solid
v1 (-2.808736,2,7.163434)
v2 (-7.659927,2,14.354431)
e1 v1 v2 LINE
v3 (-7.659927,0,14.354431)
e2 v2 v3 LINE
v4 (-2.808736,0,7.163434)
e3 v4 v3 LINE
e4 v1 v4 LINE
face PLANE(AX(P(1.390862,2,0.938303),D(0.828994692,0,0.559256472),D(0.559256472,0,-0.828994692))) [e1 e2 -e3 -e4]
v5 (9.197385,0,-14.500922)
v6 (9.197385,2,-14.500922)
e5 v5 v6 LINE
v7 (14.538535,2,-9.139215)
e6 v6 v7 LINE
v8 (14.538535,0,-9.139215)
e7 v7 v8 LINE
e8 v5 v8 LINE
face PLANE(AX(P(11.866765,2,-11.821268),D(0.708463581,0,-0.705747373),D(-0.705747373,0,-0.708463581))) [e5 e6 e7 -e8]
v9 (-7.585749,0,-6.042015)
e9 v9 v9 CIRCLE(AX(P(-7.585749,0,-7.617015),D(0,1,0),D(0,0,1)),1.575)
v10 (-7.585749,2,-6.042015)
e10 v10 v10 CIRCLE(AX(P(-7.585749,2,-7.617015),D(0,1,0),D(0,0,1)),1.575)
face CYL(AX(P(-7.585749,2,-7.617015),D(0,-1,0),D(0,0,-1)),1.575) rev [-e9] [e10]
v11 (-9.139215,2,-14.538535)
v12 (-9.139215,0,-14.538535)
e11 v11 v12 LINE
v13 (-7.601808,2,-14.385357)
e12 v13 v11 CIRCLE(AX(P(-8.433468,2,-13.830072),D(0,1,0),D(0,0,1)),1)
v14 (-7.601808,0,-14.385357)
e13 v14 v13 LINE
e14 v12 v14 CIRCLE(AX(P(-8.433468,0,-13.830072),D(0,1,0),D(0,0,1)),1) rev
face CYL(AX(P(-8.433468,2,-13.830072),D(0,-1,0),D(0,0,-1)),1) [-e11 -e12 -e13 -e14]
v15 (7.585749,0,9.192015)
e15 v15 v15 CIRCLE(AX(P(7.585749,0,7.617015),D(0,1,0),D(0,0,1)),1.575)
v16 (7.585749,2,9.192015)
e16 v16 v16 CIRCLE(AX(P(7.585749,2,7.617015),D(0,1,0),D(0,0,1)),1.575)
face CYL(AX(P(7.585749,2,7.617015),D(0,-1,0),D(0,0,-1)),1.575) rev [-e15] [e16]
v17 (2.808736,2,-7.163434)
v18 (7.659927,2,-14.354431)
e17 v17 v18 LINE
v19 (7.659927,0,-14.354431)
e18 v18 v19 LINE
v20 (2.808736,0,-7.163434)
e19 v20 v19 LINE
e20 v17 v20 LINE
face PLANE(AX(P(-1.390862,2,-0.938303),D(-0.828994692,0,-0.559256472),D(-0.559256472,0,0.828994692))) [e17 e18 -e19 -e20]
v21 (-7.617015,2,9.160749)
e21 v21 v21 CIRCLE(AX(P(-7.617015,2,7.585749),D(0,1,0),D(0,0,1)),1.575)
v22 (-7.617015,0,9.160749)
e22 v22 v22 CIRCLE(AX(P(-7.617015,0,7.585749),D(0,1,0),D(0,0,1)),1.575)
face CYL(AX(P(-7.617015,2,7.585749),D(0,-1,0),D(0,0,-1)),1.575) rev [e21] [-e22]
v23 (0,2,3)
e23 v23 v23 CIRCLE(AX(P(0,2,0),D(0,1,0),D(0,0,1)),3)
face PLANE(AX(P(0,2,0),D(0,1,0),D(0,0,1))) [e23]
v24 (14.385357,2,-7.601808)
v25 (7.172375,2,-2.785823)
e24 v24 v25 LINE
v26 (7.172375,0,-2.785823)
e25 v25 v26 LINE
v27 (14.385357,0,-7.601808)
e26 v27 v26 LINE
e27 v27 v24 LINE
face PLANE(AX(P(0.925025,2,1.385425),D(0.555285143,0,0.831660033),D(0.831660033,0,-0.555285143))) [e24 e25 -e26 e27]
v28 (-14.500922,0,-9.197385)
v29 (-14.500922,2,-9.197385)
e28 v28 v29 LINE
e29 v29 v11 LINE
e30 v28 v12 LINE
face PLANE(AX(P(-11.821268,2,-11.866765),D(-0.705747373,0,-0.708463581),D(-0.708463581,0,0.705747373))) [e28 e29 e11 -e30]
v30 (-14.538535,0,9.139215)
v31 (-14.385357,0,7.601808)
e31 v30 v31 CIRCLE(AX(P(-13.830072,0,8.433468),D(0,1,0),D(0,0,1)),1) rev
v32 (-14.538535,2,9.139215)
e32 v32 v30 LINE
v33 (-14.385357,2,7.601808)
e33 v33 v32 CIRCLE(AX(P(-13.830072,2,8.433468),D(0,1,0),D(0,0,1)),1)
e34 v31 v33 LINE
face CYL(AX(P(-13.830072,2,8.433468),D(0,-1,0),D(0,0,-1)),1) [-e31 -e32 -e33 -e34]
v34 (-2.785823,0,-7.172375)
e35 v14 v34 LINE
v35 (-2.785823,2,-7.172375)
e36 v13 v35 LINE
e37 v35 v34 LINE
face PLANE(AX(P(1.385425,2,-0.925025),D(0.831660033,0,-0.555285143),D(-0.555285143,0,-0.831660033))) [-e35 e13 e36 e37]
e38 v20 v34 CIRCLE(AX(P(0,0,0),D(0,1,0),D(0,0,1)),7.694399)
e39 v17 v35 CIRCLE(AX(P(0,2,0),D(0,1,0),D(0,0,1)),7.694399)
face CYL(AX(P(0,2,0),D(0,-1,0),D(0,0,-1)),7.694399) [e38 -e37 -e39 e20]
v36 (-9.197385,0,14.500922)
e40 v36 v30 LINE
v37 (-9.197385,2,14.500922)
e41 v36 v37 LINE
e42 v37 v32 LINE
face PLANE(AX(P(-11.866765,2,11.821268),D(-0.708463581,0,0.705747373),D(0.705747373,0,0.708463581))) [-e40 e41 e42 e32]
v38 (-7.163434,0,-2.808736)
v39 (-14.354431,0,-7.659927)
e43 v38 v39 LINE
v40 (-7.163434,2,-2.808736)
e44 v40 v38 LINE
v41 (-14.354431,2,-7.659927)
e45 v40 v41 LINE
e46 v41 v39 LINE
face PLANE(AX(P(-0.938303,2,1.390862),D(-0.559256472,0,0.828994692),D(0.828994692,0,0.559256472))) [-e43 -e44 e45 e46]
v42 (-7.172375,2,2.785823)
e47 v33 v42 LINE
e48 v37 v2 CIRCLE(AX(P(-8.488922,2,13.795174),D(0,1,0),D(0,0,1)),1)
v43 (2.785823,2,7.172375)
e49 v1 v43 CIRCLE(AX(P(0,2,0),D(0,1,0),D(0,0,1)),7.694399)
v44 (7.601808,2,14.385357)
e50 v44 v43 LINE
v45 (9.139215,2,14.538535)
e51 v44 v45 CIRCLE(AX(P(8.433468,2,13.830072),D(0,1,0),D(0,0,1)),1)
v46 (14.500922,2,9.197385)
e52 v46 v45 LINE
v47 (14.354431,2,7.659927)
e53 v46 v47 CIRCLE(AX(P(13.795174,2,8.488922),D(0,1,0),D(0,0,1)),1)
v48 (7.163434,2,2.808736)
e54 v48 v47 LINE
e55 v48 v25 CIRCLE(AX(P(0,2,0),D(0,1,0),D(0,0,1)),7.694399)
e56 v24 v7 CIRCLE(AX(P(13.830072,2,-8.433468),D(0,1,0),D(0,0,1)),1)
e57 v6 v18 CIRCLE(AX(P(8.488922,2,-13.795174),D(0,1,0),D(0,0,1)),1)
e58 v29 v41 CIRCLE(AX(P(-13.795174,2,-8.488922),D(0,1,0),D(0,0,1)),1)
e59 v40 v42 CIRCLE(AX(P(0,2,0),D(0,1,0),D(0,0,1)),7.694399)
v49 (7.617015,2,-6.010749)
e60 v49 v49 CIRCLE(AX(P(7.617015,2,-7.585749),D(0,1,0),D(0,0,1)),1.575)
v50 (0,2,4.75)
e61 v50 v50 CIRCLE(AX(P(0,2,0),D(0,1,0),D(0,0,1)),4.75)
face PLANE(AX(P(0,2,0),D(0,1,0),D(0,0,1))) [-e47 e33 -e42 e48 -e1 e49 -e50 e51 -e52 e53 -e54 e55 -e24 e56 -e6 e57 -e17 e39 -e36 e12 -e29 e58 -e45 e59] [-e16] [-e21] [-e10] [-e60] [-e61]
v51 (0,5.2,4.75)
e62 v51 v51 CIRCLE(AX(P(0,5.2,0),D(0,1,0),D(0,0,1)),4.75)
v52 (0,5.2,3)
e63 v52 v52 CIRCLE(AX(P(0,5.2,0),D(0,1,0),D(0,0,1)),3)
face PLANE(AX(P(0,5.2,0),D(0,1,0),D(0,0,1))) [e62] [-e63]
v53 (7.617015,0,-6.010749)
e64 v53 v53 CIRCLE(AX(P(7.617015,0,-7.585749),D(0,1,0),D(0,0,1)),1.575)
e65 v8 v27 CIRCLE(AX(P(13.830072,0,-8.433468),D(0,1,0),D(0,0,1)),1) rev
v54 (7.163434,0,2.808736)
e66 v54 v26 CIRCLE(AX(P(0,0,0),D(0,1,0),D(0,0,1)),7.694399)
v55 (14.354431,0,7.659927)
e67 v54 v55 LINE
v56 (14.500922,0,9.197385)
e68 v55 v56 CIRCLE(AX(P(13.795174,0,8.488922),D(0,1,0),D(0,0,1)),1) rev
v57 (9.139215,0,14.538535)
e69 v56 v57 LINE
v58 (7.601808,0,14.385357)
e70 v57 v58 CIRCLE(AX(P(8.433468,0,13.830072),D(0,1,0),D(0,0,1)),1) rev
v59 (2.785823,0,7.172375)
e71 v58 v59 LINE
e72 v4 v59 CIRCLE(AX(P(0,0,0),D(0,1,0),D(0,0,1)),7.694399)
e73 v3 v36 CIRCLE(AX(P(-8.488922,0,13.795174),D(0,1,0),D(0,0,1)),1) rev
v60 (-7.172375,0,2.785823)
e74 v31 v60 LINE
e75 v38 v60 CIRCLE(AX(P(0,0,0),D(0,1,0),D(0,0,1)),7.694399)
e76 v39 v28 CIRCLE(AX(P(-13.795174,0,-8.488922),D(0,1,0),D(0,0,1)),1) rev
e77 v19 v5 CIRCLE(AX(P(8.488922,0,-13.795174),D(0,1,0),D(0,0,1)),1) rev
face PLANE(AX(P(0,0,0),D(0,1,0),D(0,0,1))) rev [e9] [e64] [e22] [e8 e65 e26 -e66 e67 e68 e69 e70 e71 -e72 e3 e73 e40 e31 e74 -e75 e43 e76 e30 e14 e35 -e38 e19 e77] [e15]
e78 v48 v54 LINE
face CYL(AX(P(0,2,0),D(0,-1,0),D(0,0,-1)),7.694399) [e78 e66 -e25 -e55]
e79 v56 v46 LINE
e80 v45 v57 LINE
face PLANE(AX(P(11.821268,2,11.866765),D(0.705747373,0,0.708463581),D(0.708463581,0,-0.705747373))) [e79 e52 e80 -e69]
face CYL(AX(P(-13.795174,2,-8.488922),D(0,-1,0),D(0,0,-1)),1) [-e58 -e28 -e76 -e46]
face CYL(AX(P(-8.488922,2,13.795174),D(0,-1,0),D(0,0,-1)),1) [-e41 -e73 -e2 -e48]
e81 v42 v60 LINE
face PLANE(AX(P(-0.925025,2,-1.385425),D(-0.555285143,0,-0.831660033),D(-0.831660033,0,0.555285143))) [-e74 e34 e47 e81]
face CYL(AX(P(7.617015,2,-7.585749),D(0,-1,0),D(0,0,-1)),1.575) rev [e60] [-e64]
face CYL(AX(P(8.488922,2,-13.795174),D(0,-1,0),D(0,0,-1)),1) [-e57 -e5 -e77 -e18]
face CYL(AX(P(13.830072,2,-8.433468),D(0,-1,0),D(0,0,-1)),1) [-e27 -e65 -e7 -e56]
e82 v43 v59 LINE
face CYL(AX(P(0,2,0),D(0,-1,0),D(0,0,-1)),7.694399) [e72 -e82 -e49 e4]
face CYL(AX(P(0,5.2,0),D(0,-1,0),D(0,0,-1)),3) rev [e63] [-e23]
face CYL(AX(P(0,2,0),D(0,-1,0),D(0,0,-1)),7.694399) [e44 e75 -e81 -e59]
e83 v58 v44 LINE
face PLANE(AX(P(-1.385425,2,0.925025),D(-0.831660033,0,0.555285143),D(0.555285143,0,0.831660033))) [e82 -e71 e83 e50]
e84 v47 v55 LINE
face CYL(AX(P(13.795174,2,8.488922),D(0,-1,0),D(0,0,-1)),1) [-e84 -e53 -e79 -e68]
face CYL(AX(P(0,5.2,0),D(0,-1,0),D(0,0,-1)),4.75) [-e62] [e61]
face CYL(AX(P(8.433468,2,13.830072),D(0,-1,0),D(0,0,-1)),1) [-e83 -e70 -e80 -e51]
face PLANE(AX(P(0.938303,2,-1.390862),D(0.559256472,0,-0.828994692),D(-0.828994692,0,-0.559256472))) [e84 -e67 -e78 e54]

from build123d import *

# Parameters (mm, degrees)
SKETCH1_R             = 3
BOSS_EXTRUDE1_DEPTH   = 2
SKETCH1_R_2           = 4.75
SKETCH1_R_3           = 1.575
BOSS_EXTRUDE1_2_DEPTH = 2
SKETCH1_3_R           = 4.75
SKETCH1_3_R_2         = 3
BOSS_EXTRUDE2_DEPTH   = 5.2
FILLET1_R             = 1


with BuildPart() as part:
    # Sketch1 → Boss-Extrude1 (new body)
    with BuildSketch(Plane(origin=(0, 0, 0), x_dir=(1, 0, 0), z_dir=(0, 1, 0))):
        Circle(SKETCH1_R)
    extrude(amount=BOSS_EXTRUDE1_DEPTH)



with BuildPart() as body_2:
    # Sketch1 → Boss-Extrude1 2 (new body)
    with BuildSketch(Plane(origin=(0, 0, 0), x_dir=(1, 0, 0), z_dir=(0, 1, 0))):
        with BuildLine():
            ThreePointArc((-2.808735927, -7.163433576), (-0.01229774, -7.694389311), (2.785823381, -7.172375213))
            Line((2.785823381, -7.172375213), (8.27733707, -15.397108965))
            Line((8.27733707, -15.397108965), (15.361972878, -8.339635234))
            Line((15.361972878, -8.339635234), (7.163433576, -2.808735927))
            ThreePointArc((7.163433576, -2.808735927), (7.694389311, -0.01229774), (7.172375213, 2.785823381))
            Line((7.172375213, 2.785823381), (15.397108965, 8.27733707))
            Line((15.397108965, 8.27733707), (8.339635234, 15.361972878))
            Line((8.339635234, 15.361972878), (2.808735927, 7.163433576))
            ThreePointArc((2.808735927, 7.163433576), (0.01229774, 7.694389311), (-2.785823381, 7.172375213))
            Line((-2.785823381, 7.172375213), (-8.27733707, 15.397108965))
            Line((-8.27733707, 15.397108965), (-15.361972878, 8.339635234))
            Line((-15.361972878, 8.339635234), (-7.163433576, 2.808735927))
            ThreePointArc((-7.163433576, 2.808735927), (-7.694389311, 0.01229774), (-7.172375213, -2.785823381))
            Line((-7.172375213, -2.785823381), (-15.397108965, -8.27733707))
            Line((-15.397108965, -8.27733707), (-8.339635234, -15.361972878))
            Line((-8.339635234, -15.361972878), (-2.808735927, -7.163433576))
        make_face()
        Circle(SKETCH1_R_2, mode=Mode.SUBTRACT)
        with Locations((-7.61701493, -7.585748715)):
            Circle(SKETCH1_R_3, mode=Mode.SUBTRACT)
        with Locations((7.585748715, -7.61701493)):
            Circle(SKETCH1_R_3, mode=Mode.SUBTRACT)
        with Locations((-7.585748715, 7.61701493)):
            Circle(SKETCH1_R_3, mode=Mode.SUBTRACT)
        with Locations((7.61701493, 7.585748715)):
            Circle(SKETCH1_R_3, mode=Mode.SUBTRACT)
    extrude(amount=BOSS_EXTRUDE1_2_DEPTH)


with BuildPart() as part_1:
    add(part.part)

    add(body_2.part)  # Boss-Extrude2 merges body 2
    # Sketch1<3> → Boss-Extrude2 (add)
    with BuildSketch(Plane(origin=(0, 0, 0), x_dir=(1, 0, 0), z_dir=(0, 1, 0))):
        Circle(SKETCH1_3_R)
        Circle(SKETCH1_3_R_2, mode=Mode.SUBTRACT)
    extrude(amount=BOSS_EXTRUDE2_DEPTH)

    # Fillet1
    fillet1_edges = [part_1.edges().sort_by_distance(p)[0] for p in [
        (-15.361972878, 1, -8.339635234),
        (-8.27733707, 1, -15.397108965),
        (8.339635234, 1, -15.361972878),
        (15.361972878, 1, 8.339635234),
        (15.397108965, 1, -8.27733707),
        (8.27733707, 1, 15.397108965),
        (-15.397108965, 1, 8.27733707),
        (-8.339635234, 1, 15.361972878),
    ]]
    fillet(fillet1_edges, radius=FILLET1_R)


solid = part_1.part
